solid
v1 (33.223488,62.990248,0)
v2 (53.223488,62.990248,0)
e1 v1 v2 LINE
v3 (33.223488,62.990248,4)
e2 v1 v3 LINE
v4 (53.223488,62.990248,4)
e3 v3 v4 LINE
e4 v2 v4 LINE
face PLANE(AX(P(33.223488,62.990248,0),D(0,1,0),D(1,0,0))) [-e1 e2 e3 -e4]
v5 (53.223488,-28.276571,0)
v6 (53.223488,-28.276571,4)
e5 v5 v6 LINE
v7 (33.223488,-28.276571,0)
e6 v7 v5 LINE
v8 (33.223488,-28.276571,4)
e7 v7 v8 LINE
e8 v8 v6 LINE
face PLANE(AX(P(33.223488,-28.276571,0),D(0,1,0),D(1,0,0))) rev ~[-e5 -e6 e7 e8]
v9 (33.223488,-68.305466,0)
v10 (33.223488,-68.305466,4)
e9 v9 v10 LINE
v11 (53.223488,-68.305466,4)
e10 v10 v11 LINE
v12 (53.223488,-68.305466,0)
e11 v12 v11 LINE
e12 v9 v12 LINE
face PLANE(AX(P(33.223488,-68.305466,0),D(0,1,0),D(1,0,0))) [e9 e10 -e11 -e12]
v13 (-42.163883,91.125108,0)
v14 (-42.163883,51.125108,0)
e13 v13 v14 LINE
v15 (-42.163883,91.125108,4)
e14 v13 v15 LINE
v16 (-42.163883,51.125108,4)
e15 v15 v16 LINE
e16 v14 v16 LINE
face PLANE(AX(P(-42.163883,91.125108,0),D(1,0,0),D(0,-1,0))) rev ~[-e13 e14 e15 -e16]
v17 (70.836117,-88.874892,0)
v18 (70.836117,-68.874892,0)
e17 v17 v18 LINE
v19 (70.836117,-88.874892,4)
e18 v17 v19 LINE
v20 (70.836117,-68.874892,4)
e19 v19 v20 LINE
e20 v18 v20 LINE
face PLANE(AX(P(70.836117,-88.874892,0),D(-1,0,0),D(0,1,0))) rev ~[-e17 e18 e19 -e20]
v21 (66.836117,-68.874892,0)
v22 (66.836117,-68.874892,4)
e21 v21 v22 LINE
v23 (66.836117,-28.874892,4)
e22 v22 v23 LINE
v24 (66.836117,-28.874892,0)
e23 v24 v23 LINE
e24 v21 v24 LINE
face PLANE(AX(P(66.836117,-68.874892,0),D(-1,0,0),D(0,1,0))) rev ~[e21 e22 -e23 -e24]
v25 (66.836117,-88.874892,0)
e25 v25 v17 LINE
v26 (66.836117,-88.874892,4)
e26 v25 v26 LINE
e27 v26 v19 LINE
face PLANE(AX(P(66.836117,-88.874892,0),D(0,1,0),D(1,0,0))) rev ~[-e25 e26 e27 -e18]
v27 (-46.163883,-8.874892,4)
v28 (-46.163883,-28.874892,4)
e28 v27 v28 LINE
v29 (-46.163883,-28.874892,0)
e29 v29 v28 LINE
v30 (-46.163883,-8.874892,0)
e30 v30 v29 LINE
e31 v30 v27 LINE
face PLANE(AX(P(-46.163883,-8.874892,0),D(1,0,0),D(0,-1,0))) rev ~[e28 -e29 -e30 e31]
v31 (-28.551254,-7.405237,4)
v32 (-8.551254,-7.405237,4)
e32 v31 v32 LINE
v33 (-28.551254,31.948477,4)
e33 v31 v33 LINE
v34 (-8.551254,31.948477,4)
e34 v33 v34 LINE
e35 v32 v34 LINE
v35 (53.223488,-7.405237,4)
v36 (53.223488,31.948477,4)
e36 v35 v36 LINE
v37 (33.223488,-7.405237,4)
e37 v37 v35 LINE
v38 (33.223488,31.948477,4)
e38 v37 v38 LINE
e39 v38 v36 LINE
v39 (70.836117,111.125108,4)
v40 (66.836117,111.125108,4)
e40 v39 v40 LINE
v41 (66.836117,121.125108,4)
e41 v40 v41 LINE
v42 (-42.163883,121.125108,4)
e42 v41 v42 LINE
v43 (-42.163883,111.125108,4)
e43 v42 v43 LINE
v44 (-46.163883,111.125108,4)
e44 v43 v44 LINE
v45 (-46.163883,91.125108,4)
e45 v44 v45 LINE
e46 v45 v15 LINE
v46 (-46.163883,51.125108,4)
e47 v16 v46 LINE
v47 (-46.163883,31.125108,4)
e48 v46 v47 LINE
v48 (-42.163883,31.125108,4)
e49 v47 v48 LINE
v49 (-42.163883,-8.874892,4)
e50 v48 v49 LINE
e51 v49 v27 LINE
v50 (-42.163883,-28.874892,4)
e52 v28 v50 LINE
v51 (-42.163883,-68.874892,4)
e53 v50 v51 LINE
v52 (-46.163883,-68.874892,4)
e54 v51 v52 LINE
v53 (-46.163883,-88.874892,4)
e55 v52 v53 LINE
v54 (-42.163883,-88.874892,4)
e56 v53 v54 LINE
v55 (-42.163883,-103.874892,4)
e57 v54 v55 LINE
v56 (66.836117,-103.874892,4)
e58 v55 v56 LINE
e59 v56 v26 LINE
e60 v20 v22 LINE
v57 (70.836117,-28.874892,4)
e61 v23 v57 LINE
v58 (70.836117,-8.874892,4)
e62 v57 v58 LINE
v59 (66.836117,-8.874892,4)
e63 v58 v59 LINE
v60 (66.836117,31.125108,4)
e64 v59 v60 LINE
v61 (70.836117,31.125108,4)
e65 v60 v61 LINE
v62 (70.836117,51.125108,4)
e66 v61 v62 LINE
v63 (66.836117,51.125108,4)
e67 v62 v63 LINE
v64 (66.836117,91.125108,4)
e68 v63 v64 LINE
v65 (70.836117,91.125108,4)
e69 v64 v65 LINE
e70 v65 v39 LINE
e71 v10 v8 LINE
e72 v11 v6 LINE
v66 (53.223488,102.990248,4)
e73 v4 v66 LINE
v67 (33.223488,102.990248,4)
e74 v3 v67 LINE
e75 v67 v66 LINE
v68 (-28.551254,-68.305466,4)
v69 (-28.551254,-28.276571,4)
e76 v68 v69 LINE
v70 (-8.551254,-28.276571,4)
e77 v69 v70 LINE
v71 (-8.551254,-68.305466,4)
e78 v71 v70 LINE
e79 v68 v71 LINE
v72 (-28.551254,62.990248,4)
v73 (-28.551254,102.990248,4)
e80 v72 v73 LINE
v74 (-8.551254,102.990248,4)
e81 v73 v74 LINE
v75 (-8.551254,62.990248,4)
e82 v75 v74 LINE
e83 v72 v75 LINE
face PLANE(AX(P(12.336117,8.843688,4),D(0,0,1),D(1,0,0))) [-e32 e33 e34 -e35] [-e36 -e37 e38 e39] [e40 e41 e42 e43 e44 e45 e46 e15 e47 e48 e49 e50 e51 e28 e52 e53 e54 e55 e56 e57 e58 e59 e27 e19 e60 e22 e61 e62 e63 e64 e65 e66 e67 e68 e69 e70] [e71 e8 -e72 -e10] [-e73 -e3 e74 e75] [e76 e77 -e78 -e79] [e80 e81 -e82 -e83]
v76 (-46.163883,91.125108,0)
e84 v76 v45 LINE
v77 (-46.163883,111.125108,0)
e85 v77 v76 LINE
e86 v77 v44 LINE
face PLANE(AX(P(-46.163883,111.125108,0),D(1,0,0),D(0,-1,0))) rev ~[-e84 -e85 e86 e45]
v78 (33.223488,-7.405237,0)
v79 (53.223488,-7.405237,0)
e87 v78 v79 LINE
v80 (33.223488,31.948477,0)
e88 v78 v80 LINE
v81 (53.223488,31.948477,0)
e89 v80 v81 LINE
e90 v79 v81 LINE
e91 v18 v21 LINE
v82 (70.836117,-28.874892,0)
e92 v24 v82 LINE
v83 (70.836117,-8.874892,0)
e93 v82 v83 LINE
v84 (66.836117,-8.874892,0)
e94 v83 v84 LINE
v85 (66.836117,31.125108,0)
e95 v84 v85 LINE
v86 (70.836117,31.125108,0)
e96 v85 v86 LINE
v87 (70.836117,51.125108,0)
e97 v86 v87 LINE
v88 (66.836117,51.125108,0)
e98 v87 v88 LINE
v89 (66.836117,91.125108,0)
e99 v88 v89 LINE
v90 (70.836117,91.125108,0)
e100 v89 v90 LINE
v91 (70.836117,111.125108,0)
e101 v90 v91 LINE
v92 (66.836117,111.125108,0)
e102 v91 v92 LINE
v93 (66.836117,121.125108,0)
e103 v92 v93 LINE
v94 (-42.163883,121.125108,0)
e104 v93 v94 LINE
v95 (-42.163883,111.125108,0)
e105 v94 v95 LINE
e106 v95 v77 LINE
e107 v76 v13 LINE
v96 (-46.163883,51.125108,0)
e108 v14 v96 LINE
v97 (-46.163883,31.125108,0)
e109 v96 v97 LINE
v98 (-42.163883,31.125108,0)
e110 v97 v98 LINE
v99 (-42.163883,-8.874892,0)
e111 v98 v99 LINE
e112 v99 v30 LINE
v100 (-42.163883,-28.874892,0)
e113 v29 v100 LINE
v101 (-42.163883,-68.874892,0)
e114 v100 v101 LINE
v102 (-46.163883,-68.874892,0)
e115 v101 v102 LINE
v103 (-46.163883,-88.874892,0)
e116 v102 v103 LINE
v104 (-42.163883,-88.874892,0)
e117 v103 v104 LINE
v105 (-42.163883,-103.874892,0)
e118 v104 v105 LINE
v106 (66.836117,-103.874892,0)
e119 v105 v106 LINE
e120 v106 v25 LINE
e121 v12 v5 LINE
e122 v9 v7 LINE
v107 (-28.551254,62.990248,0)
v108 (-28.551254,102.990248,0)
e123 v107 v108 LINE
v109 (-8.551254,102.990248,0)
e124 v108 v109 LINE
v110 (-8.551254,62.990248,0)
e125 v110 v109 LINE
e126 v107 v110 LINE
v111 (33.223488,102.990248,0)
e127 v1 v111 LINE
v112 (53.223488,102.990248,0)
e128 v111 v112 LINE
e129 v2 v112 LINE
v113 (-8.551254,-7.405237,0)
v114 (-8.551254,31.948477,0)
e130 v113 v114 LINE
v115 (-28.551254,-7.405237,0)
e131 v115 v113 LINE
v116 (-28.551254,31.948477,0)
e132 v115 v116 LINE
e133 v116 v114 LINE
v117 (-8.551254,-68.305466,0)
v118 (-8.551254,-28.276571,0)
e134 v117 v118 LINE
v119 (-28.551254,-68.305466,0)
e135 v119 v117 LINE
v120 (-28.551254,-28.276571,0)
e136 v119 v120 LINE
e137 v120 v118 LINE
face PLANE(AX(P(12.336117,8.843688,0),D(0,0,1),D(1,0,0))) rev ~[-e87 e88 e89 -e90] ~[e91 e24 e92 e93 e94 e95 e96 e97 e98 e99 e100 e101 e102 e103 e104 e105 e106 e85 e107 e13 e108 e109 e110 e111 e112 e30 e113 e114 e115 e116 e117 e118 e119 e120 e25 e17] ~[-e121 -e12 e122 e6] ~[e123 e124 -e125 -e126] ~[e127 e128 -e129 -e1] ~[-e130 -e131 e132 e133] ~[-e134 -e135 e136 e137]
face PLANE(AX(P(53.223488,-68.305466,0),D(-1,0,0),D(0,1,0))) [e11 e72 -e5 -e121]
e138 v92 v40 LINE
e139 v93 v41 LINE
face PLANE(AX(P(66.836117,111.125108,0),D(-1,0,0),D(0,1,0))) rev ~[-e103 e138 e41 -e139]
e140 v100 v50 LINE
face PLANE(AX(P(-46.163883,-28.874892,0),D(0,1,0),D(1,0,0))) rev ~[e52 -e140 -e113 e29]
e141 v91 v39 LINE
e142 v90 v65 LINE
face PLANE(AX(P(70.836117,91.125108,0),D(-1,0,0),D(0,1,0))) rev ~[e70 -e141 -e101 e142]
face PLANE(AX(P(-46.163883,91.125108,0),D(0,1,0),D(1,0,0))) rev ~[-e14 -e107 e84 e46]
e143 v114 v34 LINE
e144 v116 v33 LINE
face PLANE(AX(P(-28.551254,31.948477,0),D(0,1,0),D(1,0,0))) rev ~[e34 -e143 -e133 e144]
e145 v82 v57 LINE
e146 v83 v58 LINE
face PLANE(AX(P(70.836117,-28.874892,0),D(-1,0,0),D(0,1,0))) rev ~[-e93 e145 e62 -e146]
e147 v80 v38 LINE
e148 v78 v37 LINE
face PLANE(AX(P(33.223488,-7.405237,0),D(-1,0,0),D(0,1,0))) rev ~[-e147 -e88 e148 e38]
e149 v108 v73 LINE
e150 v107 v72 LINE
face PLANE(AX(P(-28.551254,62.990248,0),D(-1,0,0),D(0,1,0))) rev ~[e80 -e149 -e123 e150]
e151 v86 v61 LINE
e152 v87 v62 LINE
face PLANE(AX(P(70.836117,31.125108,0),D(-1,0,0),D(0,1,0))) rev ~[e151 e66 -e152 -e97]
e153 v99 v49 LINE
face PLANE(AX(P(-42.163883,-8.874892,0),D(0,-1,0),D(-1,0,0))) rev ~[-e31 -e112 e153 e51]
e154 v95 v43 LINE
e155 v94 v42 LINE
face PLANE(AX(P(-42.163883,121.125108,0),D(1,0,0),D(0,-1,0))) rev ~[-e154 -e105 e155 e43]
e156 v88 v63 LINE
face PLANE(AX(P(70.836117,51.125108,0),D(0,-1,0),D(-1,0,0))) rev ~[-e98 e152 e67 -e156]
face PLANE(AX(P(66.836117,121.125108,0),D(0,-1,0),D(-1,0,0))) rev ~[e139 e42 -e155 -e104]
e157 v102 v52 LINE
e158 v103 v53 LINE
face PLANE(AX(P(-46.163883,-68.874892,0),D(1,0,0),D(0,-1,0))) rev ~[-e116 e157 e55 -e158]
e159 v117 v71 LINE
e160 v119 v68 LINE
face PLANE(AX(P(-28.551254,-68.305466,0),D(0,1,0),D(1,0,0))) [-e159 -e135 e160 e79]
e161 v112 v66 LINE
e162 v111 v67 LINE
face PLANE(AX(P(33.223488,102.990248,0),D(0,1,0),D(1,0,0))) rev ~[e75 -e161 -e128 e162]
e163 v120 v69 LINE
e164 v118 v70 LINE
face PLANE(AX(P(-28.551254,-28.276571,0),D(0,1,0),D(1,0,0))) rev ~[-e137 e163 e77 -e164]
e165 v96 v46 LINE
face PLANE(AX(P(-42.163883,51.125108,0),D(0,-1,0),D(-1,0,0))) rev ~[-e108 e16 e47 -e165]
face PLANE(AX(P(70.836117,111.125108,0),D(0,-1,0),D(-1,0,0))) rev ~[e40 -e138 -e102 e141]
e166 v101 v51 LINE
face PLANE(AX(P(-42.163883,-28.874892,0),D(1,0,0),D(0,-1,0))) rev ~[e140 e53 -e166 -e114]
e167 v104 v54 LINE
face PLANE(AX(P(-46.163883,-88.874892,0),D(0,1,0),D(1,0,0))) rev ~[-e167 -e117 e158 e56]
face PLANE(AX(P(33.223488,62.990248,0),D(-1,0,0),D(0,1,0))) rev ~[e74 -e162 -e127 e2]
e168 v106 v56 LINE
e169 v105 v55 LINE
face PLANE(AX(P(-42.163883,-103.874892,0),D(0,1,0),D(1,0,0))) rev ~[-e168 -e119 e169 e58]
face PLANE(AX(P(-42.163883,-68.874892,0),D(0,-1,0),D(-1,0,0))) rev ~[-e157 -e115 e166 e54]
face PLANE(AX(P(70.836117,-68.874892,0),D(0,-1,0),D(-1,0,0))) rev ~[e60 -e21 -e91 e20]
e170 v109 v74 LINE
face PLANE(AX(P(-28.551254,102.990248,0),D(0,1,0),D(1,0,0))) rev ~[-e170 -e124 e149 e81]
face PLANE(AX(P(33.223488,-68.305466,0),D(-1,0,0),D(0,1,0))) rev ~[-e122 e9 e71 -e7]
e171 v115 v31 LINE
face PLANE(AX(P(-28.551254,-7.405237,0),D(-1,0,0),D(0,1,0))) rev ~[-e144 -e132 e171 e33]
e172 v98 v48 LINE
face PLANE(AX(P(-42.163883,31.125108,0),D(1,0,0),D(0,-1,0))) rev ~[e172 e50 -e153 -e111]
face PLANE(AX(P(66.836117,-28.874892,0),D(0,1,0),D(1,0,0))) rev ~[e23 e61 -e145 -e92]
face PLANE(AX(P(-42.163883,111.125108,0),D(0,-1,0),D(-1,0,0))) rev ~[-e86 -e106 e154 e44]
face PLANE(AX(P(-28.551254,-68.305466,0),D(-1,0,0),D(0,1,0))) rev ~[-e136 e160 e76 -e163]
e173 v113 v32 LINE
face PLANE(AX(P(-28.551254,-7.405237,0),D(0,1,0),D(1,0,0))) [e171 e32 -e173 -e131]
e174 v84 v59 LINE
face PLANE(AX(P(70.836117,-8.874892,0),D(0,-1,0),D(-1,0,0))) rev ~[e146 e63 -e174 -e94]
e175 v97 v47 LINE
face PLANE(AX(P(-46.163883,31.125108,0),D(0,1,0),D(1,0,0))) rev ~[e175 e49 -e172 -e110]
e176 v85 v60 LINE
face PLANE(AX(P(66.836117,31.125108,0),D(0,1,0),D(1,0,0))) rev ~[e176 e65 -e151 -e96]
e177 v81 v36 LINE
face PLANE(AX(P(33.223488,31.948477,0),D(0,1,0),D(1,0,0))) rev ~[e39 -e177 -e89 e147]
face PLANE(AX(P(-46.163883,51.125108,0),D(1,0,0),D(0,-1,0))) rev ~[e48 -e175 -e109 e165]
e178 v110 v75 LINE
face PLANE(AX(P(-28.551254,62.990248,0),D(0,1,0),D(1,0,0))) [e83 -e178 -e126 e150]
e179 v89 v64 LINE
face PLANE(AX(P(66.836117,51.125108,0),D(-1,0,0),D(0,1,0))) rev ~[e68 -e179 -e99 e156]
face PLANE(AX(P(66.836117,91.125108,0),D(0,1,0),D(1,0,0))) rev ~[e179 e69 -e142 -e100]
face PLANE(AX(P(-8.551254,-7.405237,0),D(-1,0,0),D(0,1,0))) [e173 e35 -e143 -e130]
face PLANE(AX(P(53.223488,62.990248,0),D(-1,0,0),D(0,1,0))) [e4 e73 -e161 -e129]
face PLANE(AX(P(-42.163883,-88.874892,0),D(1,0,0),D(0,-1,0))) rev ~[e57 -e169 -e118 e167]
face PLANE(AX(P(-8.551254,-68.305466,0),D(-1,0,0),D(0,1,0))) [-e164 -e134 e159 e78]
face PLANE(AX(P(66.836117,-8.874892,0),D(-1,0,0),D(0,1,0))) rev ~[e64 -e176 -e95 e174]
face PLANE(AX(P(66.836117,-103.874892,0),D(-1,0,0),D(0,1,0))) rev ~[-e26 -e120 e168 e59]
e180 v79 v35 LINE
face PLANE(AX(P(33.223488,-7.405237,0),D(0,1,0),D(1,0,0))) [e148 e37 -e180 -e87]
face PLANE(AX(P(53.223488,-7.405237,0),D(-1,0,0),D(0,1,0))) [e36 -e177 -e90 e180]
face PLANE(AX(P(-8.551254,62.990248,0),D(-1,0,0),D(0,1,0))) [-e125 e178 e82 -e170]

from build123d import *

# Parameters (mm, degrees)
SKETCH1_W           = 20
SKETCH1_H           = 40.02889445
SKETCH1_H_2         = 40
SKETCH1_H_3         = 39.353713997
BOSS_EXTRUDE1_DEPTH = 4


with BuildPart() as part:
    # Sketch1 → Boss-Extrude1 (new body)
    with BuildSketch(Plane.XY):
        Polygon((66.836116993, 121.125108431), (-42.163883007, 121.125108431), (-42.163883007, 111.125108431), (-46.163883007, 111.125108431), (-46.163883007, 91.125108431), (-42.163883007, 91.125108431), (-42.163883007, 51.125108431), (-46.163883007, 51.125108431), (-46.163883007, 31.125108431), (-42.163883007, 31.125108431), (-42.163883007, -8.874891569), (-46.163883007, -8.874891569), (-46.163883007, -28.874891569), (-42.163883007, -28.874891569), (-42.163883007, -68.874891569), (-46.163883007, -68.874891569), (-46.163883007, -88.874891569), (-42.163883007, -88.874891569), (-42.163883007, -103.874891569), (66.836116993, -103.874891569), (66.836116993, -88.874891569), (70.836116993, -88.874891569), (70.836116993, -68.874891569), (66.836116993, -68.874891569), (66.836116993, -28.874891569), (70.836116993, -28.874891569), (70.836116993, -8.874891569), (66.836116993, -8.874891569), (66.836116993, 31.125108431), (70.836116993, 31.125108431), (70.836116993, 51.125108431), (66.836116993, 51.125108431), (66.836116993, 91.125108431), (70.836116993, 91.125108431), (70.836116993, 111.125108431), (66.836116993, 111.125108431), align=None)
        with Locations((43.223488174, -48.291018479)):
            Rectangle(SKETCH1_W, SKETCH1_H, mode=Mode.SUBTRACT)
        with Locations((-18.551254188, 82.990248393)):
            Rectangle(SKETCH1_W, SKETCH1_H_2, mode=Mode.SUBTRACT)
        with Locations((-18.551254188, 12.271619921)):
            Rectangle(SKETCH1_W, SKETCH1_H_3, mode=Mode.SUBTRACT)
        with Locations((-18.551254188, -48.291018479)):
            Rectangle(SKETCH1_W, SKETCH1_H, mode=Mode.SUBTRACT)
        with Locations((43.223488174, 12.271619921)):
            Rectangle(SKETCH1_W, SKETCH1_H_3, mode=Mode.SUBTRACT)
        with Locations((43.223488174, 82.990248393)):
            Rectangle(SKETCH1_W, SKETCH1_H_2, mode=Mode.SUBTRACT)
    extrude(amount=BOSS_EXTRUDE1_DEPTH)


solid = part.part
